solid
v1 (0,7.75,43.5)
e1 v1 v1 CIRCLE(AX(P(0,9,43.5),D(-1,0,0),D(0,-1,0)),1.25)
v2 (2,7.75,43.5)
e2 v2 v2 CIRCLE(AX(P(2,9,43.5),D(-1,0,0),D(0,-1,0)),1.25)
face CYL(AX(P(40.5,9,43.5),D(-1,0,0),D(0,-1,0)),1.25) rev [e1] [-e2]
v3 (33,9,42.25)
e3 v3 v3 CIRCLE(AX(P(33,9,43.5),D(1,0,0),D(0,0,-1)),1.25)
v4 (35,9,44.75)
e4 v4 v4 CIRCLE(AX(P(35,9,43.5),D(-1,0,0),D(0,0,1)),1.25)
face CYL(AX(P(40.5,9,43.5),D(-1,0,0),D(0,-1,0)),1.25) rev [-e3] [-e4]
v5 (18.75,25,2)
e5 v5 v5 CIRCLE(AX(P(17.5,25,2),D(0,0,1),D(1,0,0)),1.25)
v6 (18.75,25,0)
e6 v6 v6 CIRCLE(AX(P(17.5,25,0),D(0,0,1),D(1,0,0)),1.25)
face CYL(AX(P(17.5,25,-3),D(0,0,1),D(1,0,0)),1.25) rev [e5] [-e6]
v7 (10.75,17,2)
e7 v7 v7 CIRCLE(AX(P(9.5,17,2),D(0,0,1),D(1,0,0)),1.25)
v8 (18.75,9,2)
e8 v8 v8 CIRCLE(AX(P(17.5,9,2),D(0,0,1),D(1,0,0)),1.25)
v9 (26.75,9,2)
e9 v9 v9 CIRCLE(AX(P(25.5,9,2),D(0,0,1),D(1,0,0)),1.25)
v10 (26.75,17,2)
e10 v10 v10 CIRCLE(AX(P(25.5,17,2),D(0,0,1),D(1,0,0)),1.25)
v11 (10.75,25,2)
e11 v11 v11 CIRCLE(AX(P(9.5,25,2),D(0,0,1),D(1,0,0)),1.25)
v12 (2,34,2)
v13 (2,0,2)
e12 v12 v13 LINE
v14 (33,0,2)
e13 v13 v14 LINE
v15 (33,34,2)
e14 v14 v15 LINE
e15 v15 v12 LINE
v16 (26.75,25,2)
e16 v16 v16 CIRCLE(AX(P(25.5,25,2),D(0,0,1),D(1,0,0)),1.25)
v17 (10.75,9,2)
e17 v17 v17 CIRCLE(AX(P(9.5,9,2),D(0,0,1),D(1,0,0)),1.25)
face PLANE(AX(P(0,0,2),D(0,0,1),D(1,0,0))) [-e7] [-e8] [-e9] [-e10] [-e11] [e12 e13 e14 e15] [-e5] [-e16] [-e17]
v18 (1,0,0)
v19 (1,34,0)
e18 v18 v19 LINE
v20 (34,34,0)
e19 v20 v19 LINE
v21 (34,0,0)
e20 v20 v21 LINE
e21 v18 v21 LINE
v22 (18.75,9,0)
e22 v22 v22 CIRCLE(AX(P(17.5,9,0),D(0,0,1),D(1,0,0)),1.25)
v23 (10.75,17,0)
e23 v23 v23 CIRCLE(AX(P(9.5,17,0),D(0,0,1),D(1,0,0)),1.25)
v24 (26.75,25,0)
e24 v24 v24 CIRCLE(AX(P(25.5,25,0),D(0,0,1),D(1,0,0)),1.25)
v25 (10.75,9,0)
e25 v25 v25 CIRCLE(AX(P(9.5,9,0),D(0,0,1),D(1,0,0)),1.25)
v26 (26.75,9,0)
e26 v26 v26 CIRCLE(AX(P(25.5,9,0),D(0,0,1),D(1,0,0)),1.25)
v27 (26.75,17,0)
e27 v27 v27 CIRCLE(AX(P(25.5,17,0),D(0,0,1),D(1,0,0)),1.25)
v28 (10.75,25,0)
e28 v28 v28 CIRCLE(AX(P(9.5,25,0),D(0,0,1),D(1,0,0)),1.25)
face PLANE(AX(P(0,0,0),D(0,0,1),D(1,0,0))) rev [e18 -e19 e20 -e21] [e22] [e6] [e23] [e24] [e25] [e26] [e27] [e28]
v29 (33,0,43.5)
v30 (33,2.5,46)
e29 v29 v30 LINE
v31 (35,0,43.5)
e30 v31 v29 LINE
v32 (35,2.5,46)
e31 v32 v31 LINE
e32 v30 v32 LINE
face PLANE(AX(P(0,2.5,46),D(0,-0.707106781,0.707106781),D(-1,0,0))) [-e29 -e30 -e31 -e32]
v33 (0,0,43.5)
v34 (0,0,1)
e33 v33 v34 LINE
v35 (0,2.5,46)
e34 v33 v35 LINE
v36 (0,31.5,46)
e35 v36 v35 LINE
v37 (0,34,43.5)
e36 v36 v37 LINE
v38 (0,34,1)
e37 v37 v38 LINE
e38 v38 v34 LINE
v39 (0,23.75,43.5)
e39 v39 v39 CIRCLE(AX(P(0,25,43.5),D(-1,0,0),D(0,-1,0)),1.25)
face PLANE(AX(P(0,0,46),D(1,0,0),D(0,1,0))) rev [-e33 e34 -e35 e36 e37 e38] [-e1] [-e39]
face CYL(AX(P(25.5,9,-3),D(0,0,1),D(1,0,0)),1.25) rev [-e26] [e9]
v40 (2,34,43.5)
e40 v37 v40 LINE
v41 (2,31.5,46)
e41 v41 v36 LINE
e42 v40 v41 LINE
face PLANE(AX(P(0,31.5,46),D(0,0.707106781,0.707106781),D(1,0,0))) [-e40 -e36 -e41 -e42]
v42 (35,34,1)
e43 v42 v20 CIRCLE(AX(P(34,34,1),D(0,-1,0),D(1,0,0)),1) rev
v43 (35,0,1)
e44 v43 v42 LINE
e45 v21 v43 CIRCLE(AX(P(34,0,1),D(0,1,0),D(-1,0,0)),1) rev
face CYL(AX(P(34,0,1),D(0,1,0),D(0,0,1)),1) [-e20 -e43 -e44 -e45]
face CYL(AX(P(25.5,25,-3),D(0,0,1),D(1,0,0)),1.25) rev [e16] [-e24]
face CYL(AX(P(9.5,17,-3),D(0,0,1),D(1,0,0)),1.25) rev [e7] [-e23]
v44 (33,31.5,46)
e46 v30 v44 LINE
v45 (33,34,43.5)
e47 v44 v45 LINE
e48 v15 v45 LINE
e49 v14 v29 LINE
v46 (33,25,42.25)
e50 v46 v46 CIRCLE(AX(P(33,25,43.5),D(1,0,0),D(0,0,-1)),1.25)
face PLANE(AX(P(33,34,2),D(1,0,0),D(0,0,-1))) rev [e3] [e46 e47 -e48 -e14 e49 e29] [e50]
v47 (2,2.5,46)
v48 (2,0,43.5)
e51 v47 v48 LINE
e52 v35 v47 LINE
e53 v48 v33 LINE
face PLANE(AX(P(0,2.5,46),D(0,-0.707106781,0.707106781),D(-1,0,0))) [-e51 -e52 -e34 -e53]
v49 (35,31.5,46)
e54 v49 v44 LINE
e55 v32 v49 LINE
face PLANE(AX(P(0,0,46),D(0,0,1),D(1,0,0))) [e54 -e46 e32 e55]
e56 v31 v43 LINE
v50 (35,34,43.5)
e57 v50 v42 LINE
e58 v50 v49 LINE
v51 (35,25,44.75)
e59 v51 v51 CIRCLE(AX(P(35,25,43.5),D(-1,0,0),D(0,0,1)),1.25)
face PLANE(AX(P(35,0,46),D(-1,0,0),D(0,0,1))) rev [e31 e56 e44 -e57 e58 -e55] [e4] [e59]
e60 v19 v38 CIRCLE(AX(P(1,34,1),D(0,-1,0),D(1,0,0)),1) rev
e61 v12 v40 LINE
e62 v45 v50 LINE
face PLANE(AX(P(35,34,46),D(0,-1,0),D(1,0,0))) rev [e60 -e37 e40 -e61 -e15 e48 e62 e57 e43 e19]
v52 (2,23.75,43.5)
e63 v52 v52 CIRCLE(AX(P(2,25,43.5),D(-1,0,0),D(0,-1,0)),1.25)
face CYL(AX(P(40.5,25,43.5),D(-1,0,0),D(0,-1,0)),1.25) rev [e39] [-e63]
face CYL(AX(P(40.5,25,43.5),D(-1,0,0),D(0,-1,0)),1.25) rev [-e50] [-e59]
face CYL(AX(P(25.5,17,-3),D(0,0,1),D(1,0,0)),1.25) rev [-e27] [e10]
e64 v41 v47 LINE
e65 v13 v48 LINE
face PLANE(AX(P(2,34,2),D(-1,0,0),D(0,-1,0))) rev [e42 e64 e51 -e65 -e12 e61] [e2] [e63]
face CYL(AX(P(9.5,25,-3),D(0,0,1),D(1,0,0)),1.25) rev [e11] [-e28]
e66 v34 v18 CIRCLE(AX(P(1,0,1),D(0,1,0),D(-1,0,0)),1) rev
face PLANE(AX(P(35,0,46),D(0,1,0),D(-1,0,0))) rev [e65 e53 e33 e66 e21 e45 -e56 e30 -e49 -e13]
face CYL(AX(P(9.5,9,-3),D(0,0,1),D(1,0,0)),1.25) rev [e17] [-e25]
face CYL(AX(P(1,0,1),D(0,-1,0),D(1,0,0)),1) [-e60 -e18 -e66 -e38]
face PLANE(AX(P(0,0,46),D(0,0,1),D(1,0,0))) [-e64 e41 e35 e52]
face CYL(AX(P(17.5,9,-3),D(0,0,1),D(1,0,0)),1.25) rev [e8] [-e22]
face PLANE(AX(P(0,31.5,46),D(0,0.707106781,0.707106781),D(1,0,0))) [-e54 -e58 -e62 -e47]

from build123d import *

# Parameters (mm, degrees)
SKETCH1_W           = 35
SKETCH1_H           = 34
BOSS_EXTRUDE1_DEPTH = 46
SKETCH3_W           = 31
SKETCH3_H           = 34
CUT_EXTRUDE1_DEPTH  = 44
FILLET1_R           = 1
CHAMFER1_SIZE       = 2.5
SKETCH4_R           = 1.25
CUT_EXTRUDE2_DEPTH  = 40.5
SKETCH7_R           = 1.25
CUT_EXTRUDE3_DEPTH  = 5


with BuildPart() as part:
    # Sketch1 → Boss-Extrude1 (new body)
    with BuildSketch(Plane.XY):
        with Locations((17.5, 17)):
            Rectangle(SKETCH1_W, SKETCH1_H)
    extrude(amount=BOSS_EXTRUDE1_DEPTH)

    # Sketch3 → Cut-Extrude1 (cut)
    with BuildSketch(Plane.XY.offset(46)):
        with Locations((17.5, 17)):
            Rectangle(SKETCH3_W, SKETCH3_H)
    extrude(amount=-CUT_EXTRUDE1_DEPTH, mode=Mode.SUBTRACT)

    # Fillet1
    fillet1_edges = [part.edges().sort_by_distance(p)[0] for p in [
        (0, 17, 0),
        (35, 17, 0),
    ]]
    fillet(fillet1_edges, radius=FILLET1_R)

    # Chamfer1
    chamfer1_edges = [part.edges().sort_by_distance(p)[0] for p in [
        (1, 0, 46),
        (1, 34, 46),
        (34, 0, 46),
        (34, 34, 46),
    ]]
    chamfer(chamfer1_edges, length=CHAMFER1_SIZE)

    # Sketch4 → Cut-Extrude2 (cut)
    with BuildSketch(Plane.ZY):
        with Locations((43.5, 25)):
            Circle(SKETCH4_R)
        with Locations((43.5, 9)):
            Circle(SKETCH4_R)
    extrude(amount=-CUT_EXTRUDE2_DEPTH, mode=Mode.SUBTRACT)

    # Sketch7 → Cut-Extrude3 (cut)
    with BuildSketch(Plane.XY.offset(2)):
        with Locations((9.5, 9)):
            Circle(SKETCH7_R)
        with Locations((17.5, 9)):
            Circle(SKETCH7_R)
        with Locations((25.5, 9)):
            Circle(SKETCH7_R)
        with Locations((25.5, 17)):
            Circle(SKETCH7_R)
        with Locations((17.5, 25)):
            Circle(SKETCH7_R)
        with Locations((25.5, 25)):
            Circle(SKETCH7_R)
        with Locations((9.5, 17)):
            Circle(SKETCH7_R)
        with Locations((9.5, 25)):
            Circle(SKETCH7_R)
    extrude(amount=-CUT_EXTRUDE3_DEPTH, mode=Mode.SUBTRACT)


solid = part.part
